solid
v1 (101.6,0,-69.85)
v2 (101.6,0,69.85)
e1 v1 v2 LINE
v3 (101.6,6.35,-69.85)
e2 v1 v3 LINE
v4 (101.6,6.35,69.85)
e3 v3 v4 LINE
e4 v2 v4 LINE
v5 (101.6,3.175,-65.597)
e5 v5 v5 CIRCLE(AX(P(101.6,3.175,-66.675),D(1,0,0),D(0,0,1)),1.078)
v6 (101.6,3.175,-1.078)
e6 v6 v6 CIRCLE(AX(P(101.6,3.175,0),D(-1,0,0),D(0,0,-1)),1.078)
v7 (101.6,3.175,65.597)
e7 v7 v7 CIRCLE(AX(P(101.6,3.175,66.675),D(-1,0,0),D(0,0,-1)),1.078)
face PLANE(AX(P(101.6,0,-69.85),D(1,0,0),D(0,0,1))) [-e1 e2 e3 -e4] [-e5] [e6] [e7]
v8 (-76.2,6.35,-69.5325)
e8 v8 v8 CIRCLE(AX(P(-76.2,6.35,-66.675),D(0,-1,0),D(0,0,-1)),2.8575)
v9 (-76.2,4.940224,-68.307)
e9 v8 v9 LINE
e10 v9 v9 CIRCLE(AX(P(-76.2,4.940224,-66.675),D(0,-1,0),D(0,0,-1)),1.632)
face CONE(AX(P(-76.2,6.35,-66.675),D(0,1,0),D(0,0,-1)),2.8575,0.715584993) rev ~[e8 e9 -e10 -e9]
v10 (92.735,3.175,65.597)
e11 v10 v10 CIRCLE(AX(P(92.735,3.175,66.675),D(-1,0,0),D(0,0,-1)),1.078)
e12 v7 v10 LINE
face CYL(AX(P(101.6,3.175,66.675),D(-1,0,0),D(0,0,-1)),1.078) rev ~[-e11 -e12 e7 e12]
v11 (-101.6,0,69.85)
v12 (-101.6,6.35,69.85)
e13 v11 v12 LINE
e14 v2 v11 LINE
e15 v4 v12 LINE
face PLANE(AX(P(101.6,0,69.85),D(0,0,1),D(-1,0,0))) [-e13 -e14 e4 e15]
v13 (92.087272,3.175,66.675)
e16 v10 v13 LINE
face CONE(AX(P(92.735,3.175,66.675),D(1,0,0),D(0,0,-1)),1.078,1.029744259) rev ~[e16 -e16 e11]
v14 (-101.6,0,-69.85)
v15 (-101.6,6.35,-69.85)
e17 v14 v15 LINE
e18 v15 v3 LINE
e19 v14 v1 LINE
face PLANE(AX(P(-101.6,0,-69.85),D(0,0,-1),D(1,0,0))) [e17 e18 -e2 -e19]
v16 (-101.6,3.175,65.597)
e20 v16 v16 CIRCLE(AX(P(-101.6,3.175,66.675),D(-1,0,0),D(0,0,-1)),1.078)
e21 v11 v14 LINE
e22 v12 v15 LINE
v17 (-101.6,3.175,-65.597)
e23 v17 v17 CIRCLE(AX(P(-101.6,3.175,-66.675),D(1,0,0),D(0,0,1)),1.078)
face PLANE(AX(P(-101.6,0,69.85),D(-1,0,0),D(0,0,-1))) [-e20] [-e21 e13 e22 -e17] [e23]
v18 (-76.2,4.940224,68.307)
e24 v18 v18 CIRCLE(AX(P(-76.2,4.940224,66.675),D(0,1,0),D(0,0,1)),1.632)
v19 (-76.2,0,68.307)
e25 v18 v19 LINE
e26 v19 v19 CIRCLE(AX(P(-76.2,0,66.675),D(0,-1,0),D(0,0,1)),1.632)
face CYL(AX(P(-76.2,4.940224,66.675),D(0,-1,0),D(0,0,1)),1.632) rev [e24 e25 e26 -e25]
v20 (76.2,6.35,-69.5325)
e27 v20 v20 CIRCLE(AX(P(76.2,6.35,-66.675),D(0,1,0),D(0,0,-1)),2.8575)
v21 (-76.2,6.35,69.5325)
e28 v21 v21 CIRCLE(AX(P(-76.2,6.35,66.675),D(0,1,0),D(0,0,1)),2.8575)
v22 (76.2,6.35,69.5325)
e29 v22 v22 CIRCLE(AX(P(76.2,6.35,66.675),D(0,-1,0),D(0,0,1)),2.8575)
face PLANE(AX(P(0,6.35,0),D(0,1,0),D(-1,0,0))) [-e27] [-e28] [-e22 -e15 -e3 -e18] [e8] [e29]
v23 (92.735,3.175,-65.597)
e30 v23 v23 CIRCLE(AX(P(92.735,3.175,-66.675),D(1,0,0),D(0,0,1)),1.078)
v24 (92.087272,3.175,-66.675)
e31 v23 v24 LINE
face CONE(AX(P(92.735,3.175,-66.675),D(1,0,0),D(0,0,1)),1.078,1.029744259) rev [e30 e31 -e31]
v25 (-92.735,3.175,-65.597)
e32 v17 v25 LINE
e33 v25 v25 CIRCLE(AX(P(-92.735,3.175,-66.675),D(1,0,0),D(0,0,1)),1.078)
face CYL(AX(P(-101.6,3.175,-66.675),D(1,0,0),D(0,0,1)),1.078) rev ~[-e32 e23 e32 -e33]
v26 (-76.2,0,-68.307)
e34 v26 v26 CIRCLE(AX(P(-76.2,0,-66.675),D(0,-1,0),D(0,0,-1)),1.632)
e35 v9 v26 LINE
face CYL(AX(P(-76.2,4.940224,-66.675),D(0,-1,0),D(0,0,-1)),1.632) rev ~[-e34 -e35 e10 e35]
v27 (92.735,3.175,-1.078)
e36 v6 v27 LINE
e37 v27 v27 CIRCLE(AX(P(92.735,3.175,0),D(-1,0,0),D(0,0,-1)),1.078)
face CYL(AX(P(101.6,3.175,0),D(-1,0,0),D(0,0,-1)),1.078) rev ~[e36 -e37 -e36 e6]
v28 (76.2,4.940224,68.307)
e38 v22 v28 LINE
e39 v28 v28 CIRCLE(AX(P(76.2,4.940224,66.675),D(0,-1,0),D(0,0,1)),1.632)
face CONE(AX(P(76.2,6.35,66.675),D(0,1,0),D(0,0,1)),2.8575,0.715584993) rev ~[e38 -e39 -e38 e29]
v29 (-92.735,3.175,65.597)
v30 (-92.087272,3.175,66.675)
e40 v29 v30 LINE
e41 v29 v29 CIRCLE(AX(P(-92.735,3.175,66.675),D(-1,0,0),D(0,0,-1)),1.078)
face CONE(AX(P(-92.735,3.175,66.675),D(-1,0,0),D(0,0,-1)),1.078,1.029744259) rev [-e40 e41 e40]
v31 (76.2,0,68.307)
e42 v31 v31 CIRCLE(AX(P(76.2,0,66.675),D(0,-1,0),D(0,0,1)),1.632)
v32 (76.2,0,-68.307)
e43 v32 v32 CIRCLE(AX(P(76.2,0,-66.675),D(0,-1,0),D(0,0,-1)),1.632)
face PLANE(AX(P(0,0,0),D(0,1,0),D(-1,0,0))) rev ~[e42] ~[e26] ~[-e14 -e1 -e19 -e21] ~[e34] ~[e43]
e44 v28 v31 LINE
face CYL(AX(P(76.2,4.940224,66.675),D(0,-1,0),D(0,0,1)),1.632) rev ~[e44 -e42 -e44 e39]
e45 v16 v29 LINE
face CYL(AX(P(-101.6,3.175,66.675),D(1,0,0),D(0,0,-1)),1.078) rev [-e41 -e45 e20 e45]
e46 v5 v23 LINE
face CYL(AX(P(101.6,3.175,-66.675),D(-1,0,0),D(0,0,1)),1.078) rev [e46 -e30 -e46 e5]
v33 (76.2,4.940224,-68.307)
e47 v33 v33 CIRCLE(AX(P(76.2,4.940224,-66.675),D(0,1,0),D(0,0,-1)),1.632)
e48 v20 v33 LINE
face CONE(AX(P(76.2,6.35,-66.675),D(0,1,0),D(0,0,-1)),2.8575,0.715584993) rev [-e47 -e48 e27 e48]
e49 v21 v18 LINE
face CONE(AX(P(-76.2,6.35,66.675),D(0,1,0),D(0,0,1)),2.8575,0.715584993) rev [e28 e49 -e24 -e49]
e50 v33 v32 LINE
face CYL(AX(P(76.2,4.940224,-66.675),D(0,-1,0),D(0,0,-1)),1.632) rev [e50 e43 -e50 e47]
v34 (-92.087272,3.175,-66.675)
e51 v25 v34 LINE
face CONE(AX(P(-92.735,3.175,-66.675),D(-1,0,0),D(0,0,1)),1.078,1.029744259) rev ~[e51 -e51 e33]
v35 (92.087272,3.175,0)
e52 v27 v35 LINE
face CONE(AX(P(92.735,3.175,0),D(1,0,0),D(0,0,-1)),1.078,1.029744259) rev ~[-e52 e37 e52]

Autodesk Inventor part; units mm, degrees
ref_plane "YZ Plane" through (0, 0, 0) normal (1, 0, 0) x (0, 1, 0)
ref_plane "XZ Plane" through (0, 0, 0) normal (0, 1, 0) x (-1, 0, 0)
ref_plane "XY Plane" through (0, 0, 0) normal (0, 0, 1) x (1, 0, 0)
sketch "Sketch1" plane through (0, 0, 0) normal (0, 1, 0) x (-1, 0, 0)
  line L0 (-101.6, 69.85) -> (101.6, 69.85)
  line L1 (101.6, 69.85) -> (101.6, -69.85)
  line L2 (101.6, -69.85) -> (-101.6, -69.85)
  line L3 (-101.6, -69.85) -> (-101.6, 69.85)
  line L4 (-101.6, 69.85) -> (101.6, -69.85) construction
  line L5 (101.6, 69.85) -> (-101.6, -69.85) construction
  point P0 (0, 0)
  dimension "d0" = 203.2
  dimension "d1" = 139.7
extrude "Extrusion1" add sketch "Sketch1" along normal blind 6.35
sketch "Sketch9" plane through (101.6, 0, 69.85) normal (1, 0, 0) x (0, 0, -1)
  line L0 (139.7, 0) -> (0, 0) projected
  line L1 (139.7, 0) -> (139.7, 6.35) projected
  line L2 (0, 6.35) -> (139.7, 6.35) projected
  line L3 (0, 0) -> (0, 6.35) projected
  point P0 (69.85, 0)
  point P1 (3.175, 3.175)
  dimension "d45" = 3.175
  dimension "d46" = 3.175
hole "Hole3" at (101.6, 3.175, 66.675) direction (-1, 0, 0) diameter 2.156 depth 8.865 tip angle 118 thread size "4-40 UNC" class "2B" standard "ANSI Unified Screw Threads"
mirror "Mirror5" about plane through (0, 0, 0) normal (0, 0, 1) of "Hole3"
mirror "Mirror6" about plane through (0, 0, 0) normal (1, 0, 0) of "Hole3", "Mirror5"
sketch "Sketch11" plane through (0, 6.35, 0) normal (0, 1, 0) x (1, 0, 0)
  line L0 (-101.6, -69.85) -> (101.6, -69.85) projected
  line L1 (101.6, -69.85) -> (101.6, 69.85) projected
  line L2 (101.6, 69.85) -> (-101.6, 69.85) projected
  line L3 (-101.6, 69.85) -> (-101.6, -69.85) projected
  point P0 (0, 0)
  point P1 (76.2, -66.675)
  dimension "d61" = 25.4
  dimension "d62" = 3.175
hole "Hole4" at (76.2, 6.35, 66.675) direction (0, -1, 0) diameter 3.264 end through all countersink diameter 5.715 countersink angle 82 clearance for "Flat Head Machine Screw (82)" size "#4" standard "Ansi Unified Screw Threads"
mirror "Mirror7" about plane through (0, 0, 0) normal (1, 0, 0) of "Hole4"
mirror "Mirror8" about plane through (0, 0, 0) normal (0, 0, 1) of "Hole4", "Mirror7"
sketch "Sketch12" plane through (101.6, 0, 69.85) normal (1, 0, 0) x (0, 0, -1)
  circle A0 centre (136.525, 3.175) radius 1.078 projected
  circle A1 centre (3.175, 3.175) radius 1.078 projected
  line L0 (139.7, 0) -> (0, 0) projected
  line L1 (139.7, 0) -> (139.7, 6.35) projected
  line L2 (0, 6.35) -> (139.7, 6.35) projected
  line L3 (0, 0) -> (0, 6.35) projected
  point P0 (69.85, 0)
  point P1 (69.85, 3.175)
  dimension "d70" = 3.175
  dimension "d71" = 69.85
hole "Hole5" at (101.6, 3.175, 0) direction (-1, 0, 0) diameter 2.156 depth 8.865 tip angle 118 thread size "4-40 UNC" class "2B" standard "ANSI Unified Screw Threads"
equation "\"d0\" = depth"
equation "\"d1\" = height + 2 * plasticThickness"
equation "\"d2\" = caseThickness"
equation "\"d45\" = 0.5 * caseThickness"
equation "\"d46\" = 0.5 * caseThickness"
equation "\"d61\" = 4 * caseThickness"
equation "\"d62\" = 0.5 * caseThickness"
equation "\"d70\" = 0.5 * caseThickness"
equation "\"d71\" = 0.5 * height + caseThickness"
equation "\"acrylicThickness\" = 9.525"
equation "\"depth\" = 203.2"
equation "\"height\" = 127"
equation "\"fresnelThickness\" = 0.254"
equation "\"focalLength\" = 152.4"
equation "\"centerThickness\" = 1.27"
equation "\"sensorHolderDepth\" = 19.05"
equation "\"internalAcrylicThickness\" = 6.35"
equation "\"frameAcrylicThickness\" = 9.525"
equation "\"width\" = 127"
equation "\"mirrorAngle\" = 2.5deg"
equation "\"detectorWidth\" = 52"
equation "\"detectorHeight\" = 52"
equation "\"mirrorThickness\" = 3.175"
equation "\"ior\" = 1.49"
equation "\"fresnelAngle\" = 90deg"
equation "\"fresnelEffectiveDiameter\" = 152.4"
equation "\"oRingWidth\" = 1.5875"
equation "\"aerogelClearence\" = 3.175"
equation "\"backplanePCBHeight\" = 76.2"
equation "\"backplaneHoleOffsett\" = 6.35"
equation "\"backplanePCBWidth\" = 76.2"
equation "\"backplanePostionOffsett\" = 12.7"
equation "\"moduleSlotClearence\" = 0.79375"
equation "\"plasticThickness\" = 6.35"
equation "\"aerogelHolderDepth\" = 49.022"
equation "\"caseThickness\" = 6.35"
equation "\"alignmantGrooveDepth\" = 1.5875"
equation "\"alignmentGrooveDepth\" = 1.5875"
equation "\"alignmentGrooveClearance\" = 0.1016"
equation "\"frontPanelThickness\" = 1.5875"
equation "\"fresnelGrooveWidth\" = 1.778"
properties part number "sides" material "Aluminum 6061"
